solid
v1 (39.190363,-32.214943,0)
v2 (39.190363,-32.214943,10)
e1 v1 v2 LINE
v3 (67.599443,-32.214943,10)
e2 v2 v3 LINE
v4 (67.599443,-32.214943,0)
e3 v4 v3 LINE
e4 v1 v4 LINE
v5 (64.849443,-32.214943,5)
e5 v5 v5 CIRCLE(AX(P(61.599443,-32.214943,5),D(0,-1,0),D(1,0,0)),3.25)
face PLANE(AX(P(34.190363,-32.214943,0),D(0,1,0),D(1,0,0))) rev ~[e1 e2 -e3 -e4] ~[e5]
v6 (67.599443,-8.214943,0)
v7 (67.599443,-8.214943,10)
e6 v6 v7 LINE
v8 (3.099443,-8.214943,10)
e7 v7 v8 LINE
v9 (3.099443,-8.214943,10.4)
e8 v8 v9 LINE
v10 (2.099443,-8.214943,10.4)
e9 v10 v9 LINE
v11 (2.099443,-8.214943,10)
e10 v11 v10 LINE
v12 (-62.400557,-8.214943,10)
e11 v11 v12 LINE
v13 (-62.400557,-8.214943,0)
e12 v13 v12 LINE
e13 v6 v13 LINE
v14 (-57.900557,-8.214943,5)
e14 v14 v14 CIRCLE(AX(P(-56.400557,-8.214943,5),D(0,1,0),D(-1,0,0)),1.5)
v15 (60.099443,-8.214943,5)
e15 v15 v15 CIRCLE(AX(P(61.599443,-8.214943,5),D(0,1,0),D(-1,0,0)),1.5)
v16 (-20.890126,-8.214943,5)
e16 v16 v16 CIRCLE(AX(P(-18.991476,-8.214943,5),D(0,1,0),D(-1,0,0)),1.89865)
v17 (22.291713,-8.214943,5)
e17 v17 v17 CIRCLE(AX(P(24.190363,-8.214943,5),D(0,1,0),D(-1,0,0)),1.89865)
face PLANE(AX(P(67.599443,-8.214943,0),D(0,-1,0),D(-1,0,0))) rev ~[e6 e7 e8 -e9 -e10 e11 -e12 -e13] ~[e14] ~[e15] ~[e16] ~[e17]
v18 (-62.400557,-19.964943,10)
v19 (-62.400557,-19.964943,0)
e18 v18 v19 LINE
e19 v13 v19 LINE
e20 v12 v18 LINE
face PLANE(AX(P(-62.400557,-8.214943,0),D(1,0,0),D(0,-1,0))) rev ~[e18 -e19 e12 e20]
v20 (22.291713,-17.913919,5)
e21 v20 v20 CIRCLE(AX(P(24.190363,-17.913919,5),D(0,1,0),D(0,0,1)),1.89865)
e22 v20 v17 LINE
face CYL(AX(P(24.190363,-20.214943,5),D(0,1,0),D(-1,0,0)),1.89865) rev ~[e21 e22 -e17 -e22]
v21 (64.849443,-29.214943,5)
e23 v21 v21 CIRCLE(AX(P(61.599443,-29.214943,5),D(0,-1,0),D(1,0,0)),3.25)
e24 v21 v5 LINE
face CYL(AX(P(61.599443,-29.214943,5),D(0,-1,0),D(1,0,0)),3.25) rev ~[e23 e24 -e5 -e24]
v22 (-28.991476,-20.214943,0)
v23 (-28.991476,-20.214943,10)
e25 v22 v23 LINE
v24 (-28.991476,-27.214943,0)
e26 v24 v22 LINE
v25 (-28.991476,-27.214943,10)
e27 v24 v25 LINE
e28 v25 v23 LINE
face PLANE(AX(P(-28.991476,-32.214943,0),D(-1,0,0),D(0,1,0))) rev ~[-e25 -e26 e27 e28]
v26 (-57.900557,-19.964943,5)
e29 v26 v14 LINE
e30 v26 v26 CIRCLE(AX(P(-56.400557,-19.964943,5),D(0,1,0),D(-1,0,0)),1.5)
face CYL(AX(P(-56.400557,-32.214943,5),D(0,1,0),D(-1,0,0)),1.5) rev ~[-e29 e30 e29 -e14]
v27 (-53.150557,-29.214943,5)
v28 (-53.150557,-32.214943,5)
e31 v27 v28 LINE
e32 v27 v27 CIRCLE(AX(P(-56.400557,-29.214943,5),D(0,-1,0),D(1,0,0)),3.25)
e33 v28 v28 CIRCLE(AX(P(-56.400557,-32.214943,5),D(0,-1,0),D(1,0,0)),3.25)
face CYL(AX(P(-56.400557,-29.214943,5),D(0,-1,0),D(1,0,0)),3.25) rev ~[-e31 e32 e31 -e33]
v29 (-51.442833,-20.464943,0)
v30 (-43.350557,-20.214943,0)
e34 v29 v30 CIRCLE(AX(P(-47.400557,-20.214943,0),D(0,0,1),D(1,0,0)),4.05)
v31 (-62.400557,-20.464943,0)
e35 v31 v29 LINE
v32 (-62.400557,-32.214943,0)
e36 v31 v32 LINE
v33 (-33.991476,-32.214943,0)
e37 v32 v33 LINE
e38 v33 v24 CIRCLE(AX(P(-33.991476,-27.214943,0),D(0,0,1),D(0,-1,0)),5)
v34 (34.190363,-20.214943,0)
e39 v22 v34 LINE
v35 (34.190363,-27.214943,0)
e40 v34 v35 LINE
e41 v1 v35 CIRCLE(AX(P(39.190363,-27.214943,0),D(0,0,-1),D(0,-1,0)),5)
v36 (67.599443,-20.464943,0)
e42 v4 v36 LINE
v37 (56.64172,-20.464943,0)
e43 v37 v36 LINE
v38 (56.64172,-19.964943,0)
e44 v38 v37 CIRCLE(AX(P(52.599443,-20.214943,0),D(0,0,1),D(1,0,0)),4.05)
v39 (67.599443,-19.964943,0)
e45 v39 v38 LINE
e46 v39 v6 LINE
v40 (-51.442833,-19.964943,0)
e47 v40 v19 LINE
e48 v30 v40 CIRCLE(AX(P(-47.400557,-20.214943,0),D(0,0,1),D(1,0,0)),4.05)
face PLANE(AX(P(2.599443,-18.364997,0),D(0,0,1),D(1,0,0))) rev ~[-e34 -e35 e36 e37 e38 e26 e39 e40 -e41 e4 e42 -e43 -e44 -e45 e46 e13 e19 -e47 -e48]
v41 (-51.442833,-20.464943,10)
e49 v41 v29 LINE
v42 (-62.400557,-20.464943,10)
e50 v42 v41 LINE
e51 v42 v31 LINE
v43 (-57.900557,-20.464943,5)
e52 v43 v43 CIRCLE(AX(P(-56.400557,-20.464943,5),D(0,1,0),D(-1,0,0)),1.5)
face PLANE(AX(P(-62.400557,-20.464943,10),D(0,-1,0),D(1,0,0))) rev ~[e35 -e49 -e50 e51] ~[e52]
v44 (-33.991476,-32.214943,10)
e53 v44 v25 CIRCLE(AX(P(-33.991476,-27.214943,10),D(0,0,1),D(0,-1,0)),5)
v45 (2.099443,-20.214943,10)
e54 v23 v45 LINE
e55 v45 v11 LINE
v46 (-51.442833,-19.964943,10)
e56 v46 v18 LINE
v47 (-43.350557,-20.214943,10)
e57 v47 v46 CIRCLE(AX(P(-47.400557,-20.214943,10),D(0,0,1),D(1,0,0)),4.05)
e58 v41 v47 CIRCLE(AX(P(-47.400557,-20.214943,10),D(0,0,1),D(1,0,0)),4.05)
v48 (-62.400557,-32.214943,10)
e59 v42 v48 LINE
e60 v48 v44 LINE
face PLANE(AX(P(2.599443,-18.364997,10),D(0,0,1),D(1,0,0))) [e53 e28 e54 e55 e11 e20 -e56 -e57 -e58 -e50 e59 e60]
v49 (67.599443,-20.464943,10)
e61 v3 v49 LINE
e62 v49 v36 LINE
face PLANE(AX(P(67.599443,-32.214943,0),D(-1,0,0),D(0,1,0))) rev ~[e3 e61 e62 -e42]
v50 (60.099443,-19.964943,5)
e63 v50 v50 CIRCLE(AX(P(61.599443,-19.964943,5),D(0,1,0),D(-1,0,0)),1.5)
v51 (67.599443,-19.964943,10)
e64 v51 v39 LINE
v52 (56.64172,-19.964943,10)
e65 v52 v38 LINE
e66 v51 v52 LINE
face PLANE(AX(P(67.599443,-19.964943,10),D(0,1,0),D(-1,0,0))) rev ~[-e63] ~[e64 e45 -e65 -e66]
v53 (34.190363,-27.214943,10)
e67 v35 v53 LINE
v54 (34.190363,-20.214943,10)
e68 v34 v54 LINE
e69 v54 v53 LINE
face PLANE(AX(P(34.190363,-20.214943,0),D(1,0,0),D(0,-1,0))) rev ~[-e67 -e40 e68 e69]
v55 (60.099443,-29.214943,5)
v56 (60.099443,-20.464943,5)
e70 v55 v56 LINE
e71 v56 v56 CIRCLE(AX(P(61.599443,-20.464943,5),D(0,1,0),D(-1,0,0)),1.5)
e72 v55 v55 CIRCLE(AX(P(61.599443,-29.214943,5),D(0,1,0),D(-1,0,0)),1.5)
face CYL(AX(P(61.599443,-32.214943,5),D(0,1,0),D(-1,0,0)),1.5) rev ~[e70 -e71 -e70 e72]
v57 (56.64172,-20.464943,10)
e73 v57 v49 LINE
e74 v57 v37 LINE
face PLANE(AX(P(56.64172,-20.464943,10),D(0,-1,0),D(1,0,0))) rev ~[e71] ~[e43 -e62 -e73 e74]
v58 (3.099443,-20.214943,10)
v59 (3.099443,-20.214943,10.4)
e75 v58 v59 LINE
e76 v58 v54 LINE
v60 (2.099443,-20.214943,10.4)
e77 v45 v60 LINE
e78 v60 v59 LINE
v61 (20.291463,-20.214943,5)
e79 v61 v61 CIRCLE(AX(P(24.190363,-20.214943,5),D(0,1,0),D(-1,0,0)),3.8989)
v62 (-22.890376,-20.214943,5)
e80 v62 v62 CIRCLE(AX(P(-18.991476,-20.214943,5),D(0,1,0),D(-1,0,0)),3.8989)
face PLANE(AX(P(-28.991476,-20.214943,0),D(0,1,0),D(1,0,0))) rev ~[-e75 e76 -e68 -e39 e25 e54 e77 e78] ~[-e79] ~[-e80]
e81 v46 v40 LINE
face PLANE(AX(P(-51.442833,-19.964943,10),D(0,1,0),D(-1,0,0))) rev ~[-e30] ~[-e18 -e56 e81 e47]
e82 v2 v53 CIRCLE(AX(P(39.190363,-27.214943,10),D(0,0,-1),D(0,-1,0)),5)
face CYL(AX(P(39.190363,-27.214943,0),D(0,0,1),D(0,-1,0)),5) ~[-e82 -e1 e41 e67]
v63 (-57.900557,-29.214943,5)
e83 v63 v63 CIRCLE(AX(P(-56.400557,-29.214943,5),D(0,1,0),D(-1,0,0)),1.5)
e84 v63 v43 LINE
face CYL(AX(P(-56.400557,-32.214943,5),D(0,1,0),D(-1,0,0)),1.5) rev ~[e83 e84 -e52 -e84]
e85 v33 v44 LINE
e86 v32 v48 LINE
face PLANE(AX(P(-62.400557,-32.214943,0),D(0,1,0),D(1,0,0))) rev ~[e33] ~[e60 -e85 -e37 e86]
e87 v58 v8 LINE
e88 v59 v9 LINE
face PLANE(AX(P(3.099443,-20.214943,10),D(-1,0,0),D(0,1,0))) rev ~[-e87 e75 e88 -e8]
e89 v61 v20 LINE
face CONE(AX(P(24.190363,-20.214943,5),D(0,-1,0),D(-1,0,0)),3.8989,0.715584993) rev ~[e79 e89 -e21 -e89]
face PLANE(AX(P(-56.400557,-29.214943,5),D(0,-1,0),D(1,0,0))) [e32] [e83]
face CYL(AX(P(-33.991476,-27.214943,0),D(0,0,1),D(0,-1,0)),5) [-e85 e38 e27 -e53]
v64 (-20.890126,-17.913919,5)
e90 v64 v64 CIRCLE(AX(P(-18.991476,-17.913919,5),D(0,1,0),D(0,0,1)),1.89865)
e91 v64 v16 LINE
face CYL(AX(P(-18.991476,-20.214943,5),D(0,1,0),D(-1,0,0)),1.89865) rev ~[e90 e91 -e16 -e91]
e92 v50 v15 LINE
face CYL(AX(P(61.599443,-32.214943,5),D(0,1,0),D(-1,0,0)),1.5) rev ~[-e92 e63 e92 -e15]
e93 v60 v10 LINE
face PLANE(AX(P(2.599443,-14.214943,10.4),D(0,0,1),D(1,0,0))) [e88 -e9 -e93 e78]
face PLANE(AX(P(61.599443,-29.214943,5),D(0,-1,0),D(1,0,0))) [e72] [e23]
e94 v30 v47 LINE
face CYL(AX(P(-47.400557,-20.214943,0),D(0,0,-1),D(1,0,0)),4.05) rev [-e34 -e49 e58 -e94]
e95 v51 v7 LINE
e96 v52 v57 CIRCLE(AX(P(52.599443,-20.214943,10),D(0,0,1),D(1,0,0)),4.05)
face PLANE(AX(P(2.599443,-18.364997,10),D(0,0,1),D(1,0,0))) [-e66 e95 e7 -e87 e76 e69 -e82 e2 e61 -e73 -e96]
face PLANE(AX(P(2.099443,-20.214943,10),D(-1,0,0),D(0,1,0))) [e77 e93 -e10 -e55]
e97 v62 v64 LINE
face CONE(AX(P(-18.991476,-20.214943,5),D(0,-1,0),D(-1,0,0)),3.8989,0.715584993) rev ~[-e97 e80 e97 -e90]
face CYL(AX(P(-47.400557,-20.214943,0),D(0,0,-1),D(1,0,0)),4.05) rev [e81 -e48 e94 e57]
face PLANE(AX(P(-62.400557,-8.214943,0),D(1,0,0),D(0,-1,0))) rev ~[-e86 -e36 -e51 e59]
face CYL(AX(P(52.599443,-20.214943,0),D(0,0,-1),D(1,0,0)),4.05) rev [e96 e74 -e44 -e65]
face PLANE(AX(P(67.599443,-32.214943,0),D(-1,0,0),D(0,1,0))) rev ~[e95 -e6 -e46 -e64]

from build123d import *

# Parameters (mm, degrees)
F0_R            = 4.05
F1_DEPTH        = 10
F2_R            = 5
F4_D            = 3.7973
F4_CSINK_D      = 7.7978
F4_CSINK_ANGLE  = 82
F5_W            = 1
F5_H            = 12
F6_DEPTH        = 0.4
F8_DEPTH        = 25
F10_D           = 3
F10_CBORE_D     = 6.5
F10_CBORE_DEPTH = 3


with BuildPart() as f1:
    # F0 (on Top) → F1 (new body)
    with BuildSketch(Plane.XY):
        Polygon((67.5994434953, -8.2149432153), (-62.4005565047, -8.2149432153), (-62.4005565047, -32.2149432153), (-28.9914757013, -32.2149432153), (-28.9914757013, -20.2149432153), (34.1903626919, -20.2149432153), (34.1903626919, -32.2149432153), (67.5994434953, -32.2149432153), align=None)
        with Locations((-47.4005565047, -20.2149432153)):
            Circle(F0_R, mode=Mode.SUBTRACT)
        with Locations((52.5994434953, -20.2149432153)):
            Circle(F0_R, mode=Mode.SUBTRACT)
    extrude(amount=F1_DEPTH)

    # F2
    f2_edges = [f1.edges().sort_by_distance(p)[0] for p in [
        (34.190363, -32.214943, 5),
        (-28.991476, -32.214943, 5),
    ]]
    fillet(f2_edges, radius=F2_R)

    # F4 (through all)
    with Locations(Plane.XZ.offset(20.2149432153)):
        with Locations((-18.9914757013, 5), (24.1903626919, 5)):
            CounterSinkHole(F4_D / 2, F4_CSINK_D / 2, counter_sink_angle=F4_CSINK_ANGLE)

    # F5 (on face) → F6 (join)
    with BuildSketch(Plane.XY.offset(10)):
        with Locations((2.5994434953, -14.2149432153)):
            Rectangle(F5_W, F5_H)
    extrude(amount=F6_DEPTH)

    # F7 (on face) → F8 (cut)
    with BuildSketch(Plane.XY.offset(10)):
        with BuildLine():
            ThreePointArc((56.6417200816, -19.9649432153), (56.6475121814, -20.0898835784), (56.6494434953, -20.2149432153))
            ThreePointArc((56.6494434953, -20.2149432153), (56.6475121814, -20.3400028521), (56.6417200816, -20.4649432153))
            Line((56.6417200816, -20.4649432153), (67.5994434953, -20.4649432153))
            Line((67.5994434953, -20.4649432153), (67.5994434953, -19.9649432153))
            Line((67.5994434953, -19.9649432153), (56.6417200816, -19.9649432153))
        make_face()
        with BuildLine():
            Line((-51.442833091, -19.9649432153), (-62.4005565047, -19.9649432153))
            Line((-62.4005565047, -19.9649432153), (-62.4005565047, -20.4649432153))
            Line((-62.4005565047, -20.4649432153), (-51.442833091, -20.4649432153))
            ThreePointArc((-51.442833091, -20.4649432153), (-51.4505565047, -20.2149432153), (-51.442833091, -19.9649432153))
        make_face()
        with BuildLine():
            Line((-51.442833091, -20.4649432153), (-51.442833091, -19.9649432153))
            ThreePointArc((-51.442833091, -19.9649432153), (-51.4505565047, -20.2149432153), (-51.442833091, -20.4649432153))
        make_face()
        with BuildLine():
            ThreePointArc((56.6417200816, -20.4649432153), (56.6475121814, -20.3400028521), (56.6494434953, -20.2149432153))
            ThreePointArc((56.6494434953, -20.2149432153), (56.6475121814, -20.0898835784), (56.6417200816, -19.9649432153))
            Line((56.6417200816, -19.9649432153), (56.6417200816, -20.4649432153))
        make_face()
    extrude(amount=-F8_DEPTH, mode=Mode.SUBTRACT)

    # F10 (through all)
    with Locations(Plane.XZ.offset(32.2149432153)):
        with Locations((61.5994434953, 5), (-56.4005565047, 5)):
            CounterBoreHole(F10_D / 2, F10_CBORE_D / 2, F10_CBORE_DEPTH)


solid = f1.part
